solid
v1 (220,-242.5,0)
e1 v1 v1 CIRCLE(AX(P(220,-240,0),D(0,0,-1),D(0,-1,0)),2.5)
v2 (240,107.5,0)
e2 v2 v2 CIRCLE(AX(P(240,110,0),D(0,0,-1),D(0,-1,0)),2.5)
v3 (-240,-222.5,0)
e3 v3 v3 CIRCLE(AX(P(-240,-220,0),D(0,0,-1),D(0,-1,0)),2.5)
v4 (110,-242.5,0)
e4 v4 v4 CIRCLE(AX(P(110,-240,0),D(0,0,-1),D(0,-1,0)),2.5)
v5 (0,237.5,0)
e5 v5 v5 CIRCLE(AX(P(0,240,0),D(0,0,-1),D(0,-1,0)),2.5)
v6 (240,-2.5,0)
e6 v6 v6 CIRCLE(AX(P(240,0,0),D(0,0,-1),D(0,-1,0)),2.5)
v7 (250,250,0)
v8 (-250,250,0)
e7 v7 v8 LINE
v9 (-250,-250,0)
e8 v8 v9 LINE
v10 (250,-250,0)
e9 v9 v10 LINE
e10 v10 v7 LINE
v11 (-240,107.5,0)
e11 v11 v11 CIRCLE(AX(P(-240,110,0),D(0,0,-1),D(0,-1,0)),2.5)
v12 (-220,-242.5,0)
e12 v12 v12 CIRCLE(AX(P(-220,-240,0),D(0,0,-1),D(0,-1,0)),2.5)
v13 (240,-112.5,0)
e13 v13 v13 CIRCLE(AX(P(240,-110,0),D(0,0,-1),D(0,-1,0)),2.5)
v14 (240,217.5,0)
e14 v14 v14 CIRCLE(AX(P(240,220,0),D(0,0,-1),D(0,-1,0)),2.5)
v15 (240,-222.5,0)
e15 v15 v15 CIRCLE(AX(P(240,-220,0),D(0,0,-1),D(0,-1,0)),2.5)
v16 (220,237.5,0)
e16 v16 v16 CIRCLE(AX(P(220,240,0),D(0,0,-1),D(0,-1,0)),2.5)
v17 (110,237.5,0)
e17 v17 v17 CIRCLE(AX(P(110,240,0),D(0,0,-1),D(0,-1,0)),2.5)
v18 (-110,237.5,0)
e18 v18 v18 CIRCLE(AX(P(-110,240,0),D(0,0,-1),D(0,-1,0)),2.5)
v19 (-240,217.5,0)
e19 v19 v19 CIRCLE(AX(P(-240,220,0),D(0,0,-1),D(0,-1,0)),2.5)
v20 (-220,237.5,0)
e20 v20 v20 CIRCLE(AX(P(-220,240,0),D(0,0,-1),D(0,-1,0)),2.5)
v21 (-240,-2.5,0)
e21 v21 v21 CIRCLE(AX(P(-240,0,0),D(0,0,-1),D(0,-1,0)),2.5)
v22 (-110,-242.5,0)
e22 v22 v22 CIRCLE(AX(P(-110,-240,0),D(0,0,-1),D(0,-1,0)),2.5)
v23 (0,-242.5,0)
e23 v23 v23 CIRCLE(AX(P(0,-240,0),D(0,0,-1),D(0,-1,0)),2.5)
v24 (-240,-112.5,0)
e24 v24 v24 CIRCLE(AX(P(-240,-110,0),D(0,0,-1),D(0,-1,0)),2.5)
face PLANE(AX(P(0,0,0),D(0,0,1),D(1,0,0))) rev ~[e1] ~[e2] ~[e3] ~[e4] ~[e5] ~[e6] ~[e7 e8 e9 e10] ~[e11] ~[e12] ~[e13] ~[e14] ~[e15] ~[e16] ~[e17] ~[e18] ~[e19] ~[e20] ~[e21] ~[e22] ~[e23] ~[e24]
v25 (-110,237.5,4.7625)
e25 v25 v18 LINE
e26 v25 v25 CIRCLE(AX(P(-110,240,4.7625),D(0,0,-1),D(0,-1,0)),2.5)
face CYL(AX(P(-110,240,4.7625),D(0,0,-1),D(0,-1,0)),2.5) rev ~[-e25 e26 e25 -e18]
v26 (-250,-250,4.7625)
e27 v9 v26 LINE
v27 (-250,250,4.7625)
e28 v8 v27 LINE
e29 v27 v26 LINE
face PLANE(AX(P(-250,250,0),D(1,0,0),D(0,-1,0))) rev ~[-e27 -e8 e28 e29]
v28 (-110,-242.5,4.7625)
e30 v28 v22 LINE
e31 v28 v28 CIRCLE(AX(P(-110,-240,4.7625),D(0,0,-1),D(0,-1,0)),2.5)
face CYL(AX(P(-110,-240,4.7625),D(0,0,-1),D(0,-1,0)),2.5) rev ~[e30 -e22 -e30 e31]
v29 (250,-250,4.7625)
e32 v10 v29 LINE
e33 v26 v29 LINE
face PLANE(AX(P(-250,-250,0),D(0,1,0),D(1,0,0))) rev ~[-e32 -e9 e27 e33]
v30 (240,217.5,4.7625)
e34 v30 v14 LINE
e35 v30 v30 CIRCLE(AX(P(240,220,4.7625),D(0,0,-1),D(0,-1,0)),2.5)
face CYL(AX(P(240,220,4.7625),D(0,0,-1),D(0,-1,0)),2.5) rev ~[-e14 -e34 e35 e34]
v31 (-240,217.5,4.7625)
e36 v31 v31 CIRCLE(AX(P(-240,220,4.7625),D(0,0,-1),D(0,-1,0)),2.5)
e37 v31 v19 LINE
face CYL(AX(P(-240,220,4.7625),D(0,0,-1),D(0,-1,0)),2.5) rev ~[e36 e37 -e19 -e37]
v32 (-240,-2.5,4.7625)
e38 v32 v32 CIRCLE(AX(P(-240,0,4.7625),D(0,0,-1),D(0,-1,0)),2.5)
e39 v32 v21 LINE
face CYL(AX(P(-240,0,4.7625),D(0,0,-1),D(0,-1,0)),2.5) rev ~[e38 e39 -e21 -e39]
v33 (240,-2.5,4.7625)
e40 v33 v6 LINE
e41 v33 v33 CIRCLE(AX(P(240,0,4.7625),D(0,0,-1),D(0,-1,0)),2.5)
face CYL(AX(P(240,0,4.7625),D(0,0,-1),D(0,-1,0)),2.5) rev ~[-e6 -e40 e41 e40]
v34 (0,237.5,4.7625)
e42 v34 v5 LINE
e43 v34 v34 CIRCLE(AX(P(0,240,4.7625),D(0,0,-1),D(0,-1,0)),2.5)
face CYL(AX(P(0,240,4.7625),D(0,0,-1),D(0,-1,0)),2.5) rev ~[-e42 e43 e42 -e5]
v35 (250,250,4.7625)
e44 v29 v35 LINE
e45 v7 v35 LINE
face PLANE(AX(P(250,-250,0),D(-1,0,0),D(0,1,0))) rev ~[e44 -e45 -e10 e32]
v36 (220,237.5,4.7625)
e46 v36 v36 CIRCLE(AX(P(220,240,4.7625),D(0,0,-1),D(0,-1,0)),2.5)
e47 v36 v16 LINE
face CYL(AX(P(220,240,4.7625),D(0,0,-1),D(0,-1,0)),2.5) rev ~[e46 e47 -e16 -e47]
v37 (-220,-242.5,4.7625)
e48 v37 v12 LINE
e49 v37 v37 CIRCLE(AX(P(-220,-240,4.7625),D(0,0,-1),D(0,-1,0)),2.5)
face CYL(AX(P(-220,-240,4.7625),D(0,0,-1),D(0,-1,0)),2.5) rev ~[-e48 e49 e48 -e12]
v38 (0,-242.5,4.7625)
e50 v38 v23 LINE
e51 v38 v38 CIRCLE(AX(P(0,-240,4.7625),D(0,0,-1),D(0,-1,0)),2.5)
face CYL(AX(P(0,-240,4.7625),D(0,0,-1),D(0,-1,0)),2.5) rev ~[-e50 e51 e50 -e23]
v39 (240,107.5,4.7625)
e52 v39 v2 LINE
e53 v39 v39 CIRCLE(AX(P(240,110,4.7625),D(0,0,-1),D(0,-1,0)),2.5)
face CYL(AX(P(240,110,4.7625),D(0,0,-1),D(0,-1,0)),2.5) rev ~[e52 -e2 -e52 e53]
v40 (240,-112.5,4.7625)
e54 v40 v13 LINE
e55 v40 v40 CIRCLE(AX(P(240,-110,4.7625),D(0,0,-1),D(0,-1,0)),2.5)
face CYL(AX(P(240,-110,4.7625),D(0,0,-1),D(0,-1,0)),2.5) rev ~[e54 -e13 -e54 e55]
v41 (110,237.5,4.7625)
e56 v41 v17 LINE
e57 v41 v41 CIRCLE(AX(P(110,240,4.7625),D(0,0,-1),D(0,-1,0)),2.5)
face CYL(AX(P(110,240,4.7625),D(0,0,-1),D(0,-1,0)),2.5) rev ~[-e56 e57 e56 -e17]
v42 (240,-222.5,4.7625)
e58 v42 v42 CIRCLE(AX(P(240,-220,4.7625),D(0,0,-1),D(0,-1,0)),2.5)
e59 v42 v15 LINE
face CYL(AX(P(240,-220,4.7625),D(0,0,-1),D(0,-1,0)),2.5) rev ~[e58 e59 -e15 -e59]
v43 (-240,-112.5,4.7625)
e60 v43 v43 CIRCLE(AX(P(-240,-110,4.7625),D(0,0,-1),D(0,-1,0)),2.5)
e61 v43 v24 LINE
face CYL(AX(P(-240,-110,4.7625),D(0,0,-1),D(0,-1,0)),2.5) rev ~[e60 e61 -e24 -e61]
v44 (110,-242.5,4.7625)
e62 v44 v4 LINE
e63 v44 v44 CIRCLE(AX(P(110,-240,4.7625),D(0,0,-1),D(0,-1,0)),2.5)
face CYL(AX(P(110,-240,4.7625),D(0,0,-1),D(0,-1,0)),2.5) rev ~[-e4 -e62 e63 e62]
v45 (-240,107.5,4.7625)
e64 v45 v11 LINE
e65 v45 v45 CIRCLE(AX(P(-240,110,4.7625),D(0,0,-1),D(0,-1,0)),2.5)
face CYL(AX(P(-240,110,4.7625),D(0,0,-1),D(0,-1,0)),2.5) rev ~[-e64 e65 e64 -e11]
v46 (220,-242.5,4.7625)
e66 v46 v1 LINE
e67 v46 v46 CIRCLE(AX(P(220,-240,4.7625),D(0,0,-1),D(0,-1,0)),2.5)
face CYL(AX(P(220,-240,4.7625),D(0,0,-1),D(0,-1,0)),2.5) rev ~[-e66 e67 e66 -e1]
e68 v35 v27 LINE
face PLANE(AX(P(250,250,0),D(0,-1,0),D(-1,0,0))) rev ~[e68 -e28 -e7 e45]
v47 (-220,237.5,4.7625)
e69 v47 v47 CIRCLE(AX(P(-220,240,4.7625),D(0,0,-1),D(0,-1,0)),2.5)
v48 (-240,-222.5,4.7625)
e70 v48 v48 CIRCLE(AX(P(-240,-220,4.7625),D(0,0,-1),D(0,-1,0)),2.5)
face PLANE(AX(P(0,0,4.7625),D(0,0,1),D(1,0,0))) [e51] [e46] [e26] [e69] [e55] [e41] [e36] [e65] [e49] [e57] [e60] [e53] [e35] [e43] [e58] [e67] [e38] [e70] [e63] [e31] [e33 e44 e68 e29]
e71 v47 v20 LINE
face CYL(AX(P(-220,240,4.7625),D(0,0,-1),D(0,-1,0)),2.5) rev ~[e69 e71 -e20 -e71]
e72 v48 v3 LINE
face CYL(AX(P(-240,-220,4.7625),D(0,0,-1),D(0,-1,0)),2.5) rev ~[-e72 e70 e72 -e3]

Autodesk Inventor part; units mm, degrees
ref_plane "YZ Plane" through (0, 0, 0) normal (1, 0, 0) x (0, 1, 0)
ref_plane "XZ Plane" through (0, 0, 0) normal (0, 1, 0) x (-1, 0, 0)
ref_plane "XY Plane" through (0, 0, 0) normal (0, 0, 1) x (1, 0, 0)
sketch "Sketch1" plane through (0, 0, 0) normal (0, 0, 1) x (1, 0, 0)
  line L0 (-250, -250) -> (250, -250)
  line L1 (250, -250) -> (250, 250)
  line L2 (250, 250) -> (-250, 250)
  line L3 (-250, 250) -> (-250, -250)
  line L4 (-250, -250) -> (250, 250) construction
  line L5 (250, -250) -> (-250, 250) construction
  point P0 (0, 0)
  dimension "d0" = 500
  dimension "d1" = 500
extrude "Extrusion1" add sketch "Sketch1" along normal blind 4.7625
sketch "Sketch2" plane through (0, 0, 4.7625) normal (0, 0, 1) x (1, 0, 0)
  line L0 (-250, -250) -> (250, -250) projected
  line L1 (250, -250) -> (250, 250) projected
  line L2 (250, 250) -> (-250, 250) projected
  line L3 (-250, 250) -> (-250, -250) projected
  point P0 (0, 0)
  point P1 (-220, 240)
  dimension "d4" = 10
  dimension "d5" = 30
hole "Hole1" at (-220, 240, 4.7625) direction (0, 0, -1) diameter 5 end through all
pattern_linear "Rectangular Pattern1" count 5 spacing 110 along (1, 0, 0) count 2 spacing 480 along (0, -1, 0) of "Hole1"
sketch "Sketch3" plane through (0, 0, 4.7625) normal (0, 0, 1) x (1, 0, 0)
  circle A0 centre (220, -240) radius 2.5 projected
  circle A1 centre (110, -240) radius 2.5 projected
  circle A2 centre (0, -240) radius 2.5 projected
  circle A3 centre (-110, -240) radius 2.5 projected
  circle A4 centre (-220, -240) radius 2.5 projected
  circle A5 centre (220, 240) radius 2.5 projected
  circle A6 centre (110, 240) radius 2.5 projected
  circle A7 centre (0, 240) radius 2.5 projected
  circle A8 centre (-110, 240) radius 2.5 projected
  circle A9 centre (-220, 240) radius 2.5 projected
  line L0 (-250, -250) -> (250, -250) projected
  line L1 (250, -250) -> (250, 250) projected
  line L2 (250, 250) -> (-250, 250) projected
  line L3 (-250, 250) -> (-250, -250) projected
  point P0 (0, 0)
  point P1 (-240, 220)
  dimension "d19" = 10
  dimension "d20" = 30
hole "Hole2" at (-240, 220, 4.7625) direction (0, 0, -1) diameter 5 end through all
pattern_linear "Rectangular Pattern2" count 5 spacing 110 along (0, -1, 0) count 2 spacing 480 along (1, 0, 0) of "Hole2"
properties part number "Face B" material "Nylon 6/6"
